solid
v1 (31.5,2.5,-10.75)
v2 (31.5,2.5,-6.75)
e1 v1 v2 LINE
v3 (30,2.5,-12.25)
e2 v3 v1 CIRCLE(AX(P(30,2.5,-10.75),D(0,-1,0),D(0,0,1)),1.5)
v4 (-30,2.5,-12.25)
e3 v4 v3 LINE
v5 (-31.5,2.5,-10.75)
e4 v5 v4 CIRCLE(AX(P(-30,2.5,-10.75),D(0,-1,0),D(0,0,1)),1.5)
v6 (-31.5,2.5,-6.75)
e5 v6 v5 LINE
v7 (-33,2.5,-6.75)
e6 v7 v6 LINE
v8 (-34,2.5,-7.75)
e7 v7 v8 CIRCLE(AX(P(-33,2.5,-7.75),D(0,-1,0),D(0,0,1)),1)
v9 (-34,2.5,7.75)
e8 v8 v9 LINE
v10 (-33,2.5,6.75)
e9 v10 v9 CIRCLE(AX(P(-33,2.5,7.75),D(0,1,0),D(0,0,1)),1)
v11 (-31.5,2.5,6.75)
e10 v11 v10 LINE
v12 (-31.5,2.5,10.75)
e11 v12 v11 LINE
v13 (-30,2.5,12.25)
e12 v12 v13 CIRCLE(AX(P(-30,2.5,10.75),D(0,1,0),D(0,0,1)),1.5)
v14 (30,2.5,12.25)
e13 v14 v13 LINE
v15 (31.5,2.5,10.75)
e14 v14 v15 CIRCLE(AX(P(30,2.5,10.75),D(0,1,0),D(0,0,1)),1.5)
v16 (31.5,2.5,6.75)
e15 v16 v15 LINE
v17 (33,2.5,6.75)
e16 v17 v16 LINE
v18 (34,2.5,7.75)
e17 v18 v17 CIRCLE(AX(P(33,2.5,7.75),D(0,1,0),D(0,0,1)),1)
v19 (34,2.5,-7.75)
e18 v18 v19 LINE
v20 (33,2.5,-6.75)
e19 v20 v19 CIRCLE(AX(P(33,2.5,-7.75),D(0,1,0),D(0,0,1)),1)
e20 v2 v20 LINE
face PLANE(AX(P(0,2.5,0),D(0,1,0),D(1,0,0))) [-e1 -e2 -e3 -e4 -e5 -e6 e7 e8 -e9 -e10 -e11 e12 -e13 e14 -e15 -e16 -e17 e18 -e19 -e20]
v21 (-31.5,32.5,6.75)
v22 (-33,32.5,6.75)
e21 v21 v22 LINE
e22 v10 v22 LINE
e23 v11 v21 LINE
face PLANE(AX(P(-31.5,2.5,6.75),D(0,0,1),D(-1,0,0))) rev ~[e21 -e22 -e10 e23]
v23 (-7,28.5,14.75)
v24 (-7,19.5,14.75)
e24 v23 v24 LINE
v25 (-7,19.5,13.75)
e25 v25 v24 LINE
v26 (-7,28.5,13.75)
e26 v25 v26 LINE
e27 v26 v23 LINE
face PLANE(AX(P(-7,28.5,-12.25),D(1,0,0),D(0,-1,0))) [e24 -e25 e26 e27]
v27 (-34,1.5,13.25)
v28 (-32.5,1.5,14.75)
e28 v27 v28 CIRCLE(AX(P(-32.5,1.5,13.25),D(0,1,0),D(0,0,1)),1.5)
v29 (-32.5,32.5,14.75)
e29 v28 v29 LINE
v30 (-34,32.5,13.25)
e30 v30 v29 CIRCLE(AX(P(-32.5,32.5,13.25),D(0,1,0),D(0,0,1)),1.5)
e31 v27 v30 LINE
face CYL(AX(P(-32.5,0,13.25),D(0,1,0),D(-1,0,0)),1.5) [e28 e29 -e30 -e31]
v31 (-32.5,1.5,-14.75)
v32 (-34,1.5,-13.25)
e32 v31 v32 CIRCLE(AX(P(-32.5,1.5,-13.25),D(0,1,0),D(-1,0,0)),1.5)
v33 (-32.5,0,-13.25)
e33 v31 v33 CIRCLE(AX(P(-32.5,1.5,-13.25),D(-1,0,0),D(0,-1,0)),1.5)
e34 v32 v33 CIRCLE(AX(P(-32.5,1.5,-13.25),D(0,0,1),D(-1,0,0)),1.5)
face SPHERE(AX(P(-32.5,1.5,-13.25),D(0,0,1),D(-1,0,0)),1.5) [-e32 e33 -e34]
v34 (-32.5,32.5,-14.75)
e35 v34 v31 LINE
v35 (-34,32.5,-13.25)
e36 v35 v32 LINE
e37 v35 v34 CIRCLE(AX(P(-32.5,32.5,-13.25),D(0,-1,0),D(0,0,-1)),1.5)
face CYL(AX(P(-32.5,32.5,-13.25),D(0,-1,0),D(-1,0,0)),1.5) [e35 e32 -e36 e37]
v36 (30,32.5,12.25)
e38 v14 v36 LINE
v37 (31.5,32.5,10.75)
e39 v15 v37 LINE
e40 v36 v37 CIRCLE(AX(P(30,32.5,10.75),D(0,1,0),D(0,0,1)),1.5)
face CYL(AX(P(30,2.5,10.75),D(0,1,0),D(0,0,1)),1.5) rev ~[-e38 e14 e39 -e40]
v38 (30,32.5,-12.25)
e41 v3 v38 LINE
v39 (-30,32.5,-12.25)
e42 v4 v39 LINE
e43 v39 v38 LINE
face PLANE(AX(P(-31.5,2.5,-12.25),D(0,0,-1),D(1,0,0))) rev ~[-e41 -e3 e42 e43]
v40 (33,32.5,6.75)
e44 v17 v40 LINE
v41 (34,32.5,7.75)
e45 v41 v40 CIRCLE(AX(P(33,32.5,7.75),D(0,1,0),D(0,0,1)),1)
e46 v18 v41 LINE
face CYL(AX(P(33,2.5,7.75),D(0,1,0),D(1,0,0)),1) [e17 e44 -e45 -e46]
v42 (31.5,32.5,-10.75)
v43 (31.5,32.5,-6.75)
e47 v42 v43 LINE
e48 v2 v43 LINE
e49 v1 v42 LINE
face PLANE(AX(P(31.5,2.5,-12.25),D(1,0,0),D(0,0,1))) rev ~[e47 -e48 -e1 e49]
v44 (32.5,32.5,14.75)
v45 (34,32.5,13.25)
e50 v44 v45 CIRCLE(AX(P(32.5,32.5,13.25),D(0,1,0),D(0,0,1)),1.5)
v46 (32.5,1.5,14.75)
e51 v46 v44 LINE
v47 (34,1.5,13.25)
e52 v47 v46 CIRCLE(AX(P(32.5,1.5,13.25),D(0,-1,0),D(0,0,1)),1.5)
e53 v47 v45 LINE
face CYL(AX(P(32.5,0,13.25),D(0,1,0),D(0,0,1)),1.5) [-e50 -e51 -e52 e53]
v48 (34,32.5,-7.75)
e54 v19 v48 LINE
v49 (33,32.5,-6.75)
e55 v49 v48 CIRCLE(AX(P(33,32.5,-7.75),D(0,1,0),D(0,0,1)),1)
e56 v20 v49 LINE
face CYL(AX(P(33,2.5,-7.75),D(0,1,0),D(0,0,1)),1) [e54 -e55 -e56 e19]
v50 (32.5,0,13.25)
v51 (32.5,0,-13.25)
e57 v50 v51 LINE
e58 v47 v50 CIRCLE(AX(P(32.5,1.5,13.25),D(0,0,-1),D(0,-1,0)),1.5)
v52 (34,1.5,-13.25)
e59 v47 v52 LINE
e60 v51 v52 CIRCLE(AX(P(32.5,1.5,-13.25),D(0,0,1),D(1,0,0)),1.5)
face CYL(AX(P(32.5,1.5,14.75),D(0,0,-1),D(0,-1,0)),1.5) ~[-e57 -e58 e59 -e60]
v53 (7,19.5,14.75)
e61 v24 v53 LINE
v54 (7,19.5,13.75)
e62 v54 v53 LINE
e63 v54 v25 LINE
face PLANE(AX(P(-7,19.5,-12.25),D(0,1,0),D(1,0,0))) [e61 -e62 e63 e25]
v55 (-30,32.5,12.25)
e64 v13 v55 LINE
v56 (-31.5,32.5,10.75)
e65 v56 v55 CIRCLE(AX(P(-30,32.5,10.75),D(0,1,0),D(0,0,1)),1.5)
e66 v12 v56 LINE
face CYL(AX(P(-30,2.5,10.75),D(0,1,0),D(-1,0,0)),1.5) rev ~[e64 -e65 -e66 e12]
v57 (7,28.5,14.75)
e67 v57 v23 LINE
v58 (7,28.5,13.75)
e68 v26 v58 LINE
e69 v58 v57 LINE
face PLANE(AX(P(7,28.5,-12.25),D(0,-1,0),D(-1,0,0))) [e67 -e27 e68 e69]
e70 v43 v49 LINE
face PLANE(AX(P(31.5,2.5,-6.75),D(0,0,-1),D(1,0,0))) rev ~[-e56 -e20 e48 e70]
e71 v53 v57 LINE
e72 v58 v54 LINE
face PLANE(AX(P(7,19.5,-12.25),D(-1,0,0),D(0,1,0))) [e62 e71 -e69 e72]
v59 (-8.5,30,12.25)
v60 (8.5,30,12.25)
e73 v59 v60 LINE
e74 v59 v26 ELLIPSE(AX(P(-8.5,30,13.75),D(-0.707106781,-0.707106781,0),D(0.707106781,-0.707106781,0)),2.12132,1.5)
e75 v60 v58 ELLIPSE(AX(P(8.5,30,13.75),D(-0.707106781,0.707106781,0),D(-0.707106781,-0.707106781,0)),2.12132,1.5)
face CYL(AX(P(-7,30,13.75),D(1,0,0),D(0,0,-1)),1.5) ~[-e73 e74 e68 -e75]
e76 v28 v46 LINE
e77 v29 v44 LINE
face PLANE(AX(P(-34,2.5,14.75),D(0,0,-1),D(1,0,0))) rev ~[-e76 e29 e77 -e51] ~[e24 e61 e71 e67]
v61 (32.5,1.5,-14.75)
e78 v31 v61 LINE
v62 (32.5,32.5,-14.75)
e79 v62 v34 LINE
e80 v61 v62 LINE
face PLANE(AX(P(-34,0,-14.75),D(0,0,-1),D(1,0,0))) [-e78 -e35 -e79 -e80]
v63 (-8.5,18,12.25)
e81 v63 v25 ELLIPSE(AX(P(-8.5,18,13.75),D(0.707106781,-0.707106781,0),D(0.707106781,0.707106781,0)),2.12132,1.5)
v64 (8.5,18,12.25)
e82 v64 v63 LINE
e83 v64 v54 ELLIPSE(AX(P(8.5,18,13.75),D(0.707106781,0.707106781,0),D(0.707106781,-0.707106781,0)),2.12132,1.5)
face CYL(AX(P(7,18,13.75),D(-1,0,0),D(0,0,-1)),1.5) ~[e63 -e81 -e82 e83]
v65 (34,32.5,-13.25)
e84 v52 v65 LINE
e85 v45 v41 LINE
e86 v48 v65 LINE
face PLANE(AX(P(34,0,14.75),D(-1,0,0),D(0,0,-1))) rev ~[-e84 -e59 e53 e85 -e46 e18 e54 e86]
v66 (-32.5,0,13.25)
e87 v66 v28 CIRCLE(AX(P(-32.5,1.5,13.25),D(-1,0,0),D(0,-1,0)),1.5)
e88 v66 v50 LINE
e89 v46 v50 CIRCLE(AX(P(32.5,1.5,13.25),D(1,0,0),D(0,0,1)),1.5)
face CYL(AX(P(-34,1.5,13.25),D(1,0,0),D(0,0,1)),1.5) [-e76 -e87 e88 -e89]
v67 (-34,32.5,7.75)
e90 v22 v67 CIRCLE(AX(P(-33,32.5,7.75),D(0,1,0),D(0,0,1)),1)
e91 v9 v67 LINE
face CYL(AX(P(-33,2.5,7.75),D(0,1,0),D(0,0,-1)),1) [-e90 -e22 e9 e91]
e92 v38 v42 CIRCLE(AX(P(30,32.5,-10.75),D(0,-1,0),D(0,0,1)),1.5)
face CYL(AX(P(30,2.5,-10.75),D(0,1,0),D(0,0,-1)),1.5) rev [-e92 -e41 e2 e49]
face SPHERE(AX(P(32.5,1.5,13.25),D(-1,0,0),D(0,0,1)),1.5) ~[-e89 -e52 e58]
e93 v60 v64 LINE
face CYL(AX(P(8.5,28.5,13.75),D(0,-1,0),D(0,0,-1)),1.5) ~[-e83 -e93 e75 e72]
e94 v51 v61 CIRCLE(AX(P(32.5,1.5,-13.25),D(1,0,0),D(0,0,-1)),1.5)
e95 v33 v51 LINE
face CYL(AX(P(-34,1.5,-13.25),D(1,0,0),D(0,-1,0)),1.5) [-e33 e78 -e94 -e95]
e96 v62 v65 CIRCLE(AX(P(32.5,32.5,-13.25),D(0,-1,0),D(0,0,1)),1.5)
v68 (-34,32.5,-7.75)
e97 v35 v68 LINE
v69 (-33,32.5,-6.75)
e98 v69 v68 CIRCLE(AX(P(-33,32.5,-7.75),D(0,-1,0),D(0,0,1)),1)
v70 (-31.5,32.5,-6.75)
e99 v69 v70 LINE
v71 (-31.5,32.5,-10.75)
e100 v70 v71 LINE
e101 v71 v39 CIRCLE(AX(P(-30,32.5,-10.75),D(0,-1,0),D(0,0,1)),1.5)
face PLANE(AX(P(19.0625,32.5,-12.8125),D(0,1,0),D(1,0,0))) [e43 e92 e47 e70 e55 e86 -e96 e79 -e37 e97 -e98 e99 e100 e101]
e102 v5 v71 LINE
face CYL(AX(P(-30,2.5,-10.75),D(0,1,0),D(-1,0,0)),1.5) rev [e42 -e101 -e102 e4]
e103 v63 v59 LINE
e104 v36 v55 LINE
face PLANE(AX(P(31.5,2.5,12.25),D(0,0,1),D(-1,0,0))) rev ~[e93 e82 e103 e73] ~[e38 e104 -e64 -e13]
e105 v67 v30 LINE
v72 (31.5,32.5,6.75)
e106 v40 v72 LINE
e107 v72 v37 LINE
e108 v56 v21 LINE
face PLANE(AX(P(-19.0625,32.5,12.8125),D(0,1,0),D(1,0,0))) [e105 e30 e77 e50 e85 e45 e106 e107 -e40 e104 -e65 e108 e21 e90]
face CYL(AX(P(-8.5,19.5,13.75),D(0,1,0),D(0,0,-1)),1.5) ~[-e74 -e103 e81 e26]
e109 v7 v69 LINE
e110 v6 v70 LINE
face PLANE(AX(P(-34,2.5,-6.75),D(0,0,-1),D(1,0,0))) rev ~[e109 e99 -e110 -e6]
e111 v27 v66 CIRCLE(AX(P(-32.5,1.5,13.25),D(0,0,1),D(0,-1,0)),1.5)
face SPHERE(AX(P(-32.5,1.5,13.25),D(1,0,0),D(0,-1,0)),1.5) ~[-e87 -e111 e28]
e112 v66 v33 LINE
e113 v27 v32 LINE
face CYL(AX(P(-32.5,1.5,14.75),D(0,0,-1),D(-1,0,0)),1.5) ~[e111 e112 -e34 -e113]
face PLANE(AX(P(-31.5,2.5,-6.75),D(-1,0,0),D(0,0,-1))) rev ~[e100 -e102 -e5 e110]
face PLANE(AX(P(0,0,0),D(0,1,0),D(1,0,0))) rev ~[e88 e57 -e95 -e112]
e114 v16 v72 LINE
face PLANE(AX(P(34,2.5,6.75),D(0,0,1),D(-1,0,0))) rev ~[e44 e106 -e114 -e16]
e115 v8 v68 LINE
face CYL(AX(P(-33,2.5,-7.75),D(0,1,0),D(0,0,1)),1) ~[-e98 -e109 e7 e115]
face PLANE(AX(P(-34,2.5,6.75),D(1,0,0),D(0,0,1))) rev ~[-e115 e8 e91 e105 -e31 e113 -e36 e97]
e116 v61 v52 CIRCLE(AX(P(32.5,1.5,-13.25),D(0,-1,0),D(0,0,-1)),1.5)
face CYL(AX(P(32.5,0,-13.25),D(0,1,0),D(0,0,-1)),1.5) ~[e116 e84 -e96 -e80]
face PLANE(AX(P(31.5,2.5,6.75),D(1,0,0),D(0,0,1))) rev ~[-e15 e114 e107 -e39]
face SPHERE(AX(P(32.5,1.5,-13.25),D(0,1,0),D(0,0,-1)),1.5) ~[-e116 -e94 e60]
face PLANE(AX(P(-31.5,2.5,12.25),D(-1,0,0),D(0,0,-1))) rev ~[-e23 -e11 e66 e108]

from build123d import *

# Parameters (mm, degrees)
SKETCH1_W           = 68
SKETCH1_H           = 29.5
BOSS_EXTRUDE1_DEPTH = 2.5
BOSS_EXTRUDE2_DEPTH = 30
CUT_EXTRUDE1_DEPTH  = 50.5
FILLET1_R           = 1.5
FILLET2_R           = 1


with BuildPart() as part:
    # Sketch1 → Boss-Extrude1 (new body)
    with BuildSketch(Plane(origin=(0, 0, 0), x_dir=(1, 0, 0), z_dir=(0, 1, 0))):
        Rectangle(SKETCH1_W, SKETCH1_H)
    extrude(amount=BOSS_EXTRUDE1_DEPTH)

    # Sketch2 → Boss-Extrude2 (add)
    with BuildSketch(Plane(origin=(0, 2.5, 0), x_dir=(1, 0, 0), z_dir=(0, 1, 0))):
        Polygon((-31.5, -6.75), (-34, -6.75), (-34, -14.75), (0, -14.75), (0, -12.25), (-31.5, -12.25), align=None)
        Polygon((0, -12.25), (0, -14.75), (34, -14.75), (34, -6.75), (31.5, -6.75), (31.5, -12.25), align=None)
        Polygon((34, 14.75), (0, 14.75), (0, 12.25), (31.5, 12.25), (31.5, 6.75), (34, 6.75), align=None)
        Polygon((0, 14.75), (-34, 14.75), (-34, 6.75), (-31.5, 6.75), (-31.5, 12.25), (0, 12.25), align=None)
    extrude(amount=BOSS_EXTRUDE2_DEPTH)

    # Sketch3 → Cut-Extrude1 (cut)
    with BuildSketch(Plane.XY.offset(-12.25)):
        Polygon((7, 19.5), (7, 28.5), (0, 28.5), (-7, 28.5), (-7, 19.5), align=None)
    extrude(amount=CUT_EXTRUDE1_DEPTH, mode=Mode.SUBTRACT)

    # Fillet1
    fillet1_edges = [part.edges().sort_by_distance(p)[0] for p in [
        (0, 0, 14.75),
        (-34, 0, 0),
        (-34, 16.25, -14.75),
        (34, 16.25, -14.75),
        (34, 16.25, 14.75),
        (-34, 16.25, 14.75),
        (31.5, 17.5, 12.25),
        (-31.5, 17.5, 12.25),
        (-31.5, 17.5, -12.25),
        (31.5, 17.5, -12.25),
        (7, 24, 12.25),
        (0, 28.5, 12.25),
        (-7, 24, 12.25),
        (0, 19.5, 12.25),
        (0, 0, -14.75),
        (34, 0, 0),
    ]]
    fillet(fillet1_edges, radius=FILLET1_R)

    # Fillet2
    fillet2_edges = [part.edges().sort_by_distance(p)[0] for p in [
        (-34, 17.5, 6.75),
        (34, 17.5, 6.75),
        (34, 17.5, -6.75),
        (-34, 17.5, -6.75),
    ]]
    fillet(fillet2_edges, radius=FILLET2_R)


solid = part.part
